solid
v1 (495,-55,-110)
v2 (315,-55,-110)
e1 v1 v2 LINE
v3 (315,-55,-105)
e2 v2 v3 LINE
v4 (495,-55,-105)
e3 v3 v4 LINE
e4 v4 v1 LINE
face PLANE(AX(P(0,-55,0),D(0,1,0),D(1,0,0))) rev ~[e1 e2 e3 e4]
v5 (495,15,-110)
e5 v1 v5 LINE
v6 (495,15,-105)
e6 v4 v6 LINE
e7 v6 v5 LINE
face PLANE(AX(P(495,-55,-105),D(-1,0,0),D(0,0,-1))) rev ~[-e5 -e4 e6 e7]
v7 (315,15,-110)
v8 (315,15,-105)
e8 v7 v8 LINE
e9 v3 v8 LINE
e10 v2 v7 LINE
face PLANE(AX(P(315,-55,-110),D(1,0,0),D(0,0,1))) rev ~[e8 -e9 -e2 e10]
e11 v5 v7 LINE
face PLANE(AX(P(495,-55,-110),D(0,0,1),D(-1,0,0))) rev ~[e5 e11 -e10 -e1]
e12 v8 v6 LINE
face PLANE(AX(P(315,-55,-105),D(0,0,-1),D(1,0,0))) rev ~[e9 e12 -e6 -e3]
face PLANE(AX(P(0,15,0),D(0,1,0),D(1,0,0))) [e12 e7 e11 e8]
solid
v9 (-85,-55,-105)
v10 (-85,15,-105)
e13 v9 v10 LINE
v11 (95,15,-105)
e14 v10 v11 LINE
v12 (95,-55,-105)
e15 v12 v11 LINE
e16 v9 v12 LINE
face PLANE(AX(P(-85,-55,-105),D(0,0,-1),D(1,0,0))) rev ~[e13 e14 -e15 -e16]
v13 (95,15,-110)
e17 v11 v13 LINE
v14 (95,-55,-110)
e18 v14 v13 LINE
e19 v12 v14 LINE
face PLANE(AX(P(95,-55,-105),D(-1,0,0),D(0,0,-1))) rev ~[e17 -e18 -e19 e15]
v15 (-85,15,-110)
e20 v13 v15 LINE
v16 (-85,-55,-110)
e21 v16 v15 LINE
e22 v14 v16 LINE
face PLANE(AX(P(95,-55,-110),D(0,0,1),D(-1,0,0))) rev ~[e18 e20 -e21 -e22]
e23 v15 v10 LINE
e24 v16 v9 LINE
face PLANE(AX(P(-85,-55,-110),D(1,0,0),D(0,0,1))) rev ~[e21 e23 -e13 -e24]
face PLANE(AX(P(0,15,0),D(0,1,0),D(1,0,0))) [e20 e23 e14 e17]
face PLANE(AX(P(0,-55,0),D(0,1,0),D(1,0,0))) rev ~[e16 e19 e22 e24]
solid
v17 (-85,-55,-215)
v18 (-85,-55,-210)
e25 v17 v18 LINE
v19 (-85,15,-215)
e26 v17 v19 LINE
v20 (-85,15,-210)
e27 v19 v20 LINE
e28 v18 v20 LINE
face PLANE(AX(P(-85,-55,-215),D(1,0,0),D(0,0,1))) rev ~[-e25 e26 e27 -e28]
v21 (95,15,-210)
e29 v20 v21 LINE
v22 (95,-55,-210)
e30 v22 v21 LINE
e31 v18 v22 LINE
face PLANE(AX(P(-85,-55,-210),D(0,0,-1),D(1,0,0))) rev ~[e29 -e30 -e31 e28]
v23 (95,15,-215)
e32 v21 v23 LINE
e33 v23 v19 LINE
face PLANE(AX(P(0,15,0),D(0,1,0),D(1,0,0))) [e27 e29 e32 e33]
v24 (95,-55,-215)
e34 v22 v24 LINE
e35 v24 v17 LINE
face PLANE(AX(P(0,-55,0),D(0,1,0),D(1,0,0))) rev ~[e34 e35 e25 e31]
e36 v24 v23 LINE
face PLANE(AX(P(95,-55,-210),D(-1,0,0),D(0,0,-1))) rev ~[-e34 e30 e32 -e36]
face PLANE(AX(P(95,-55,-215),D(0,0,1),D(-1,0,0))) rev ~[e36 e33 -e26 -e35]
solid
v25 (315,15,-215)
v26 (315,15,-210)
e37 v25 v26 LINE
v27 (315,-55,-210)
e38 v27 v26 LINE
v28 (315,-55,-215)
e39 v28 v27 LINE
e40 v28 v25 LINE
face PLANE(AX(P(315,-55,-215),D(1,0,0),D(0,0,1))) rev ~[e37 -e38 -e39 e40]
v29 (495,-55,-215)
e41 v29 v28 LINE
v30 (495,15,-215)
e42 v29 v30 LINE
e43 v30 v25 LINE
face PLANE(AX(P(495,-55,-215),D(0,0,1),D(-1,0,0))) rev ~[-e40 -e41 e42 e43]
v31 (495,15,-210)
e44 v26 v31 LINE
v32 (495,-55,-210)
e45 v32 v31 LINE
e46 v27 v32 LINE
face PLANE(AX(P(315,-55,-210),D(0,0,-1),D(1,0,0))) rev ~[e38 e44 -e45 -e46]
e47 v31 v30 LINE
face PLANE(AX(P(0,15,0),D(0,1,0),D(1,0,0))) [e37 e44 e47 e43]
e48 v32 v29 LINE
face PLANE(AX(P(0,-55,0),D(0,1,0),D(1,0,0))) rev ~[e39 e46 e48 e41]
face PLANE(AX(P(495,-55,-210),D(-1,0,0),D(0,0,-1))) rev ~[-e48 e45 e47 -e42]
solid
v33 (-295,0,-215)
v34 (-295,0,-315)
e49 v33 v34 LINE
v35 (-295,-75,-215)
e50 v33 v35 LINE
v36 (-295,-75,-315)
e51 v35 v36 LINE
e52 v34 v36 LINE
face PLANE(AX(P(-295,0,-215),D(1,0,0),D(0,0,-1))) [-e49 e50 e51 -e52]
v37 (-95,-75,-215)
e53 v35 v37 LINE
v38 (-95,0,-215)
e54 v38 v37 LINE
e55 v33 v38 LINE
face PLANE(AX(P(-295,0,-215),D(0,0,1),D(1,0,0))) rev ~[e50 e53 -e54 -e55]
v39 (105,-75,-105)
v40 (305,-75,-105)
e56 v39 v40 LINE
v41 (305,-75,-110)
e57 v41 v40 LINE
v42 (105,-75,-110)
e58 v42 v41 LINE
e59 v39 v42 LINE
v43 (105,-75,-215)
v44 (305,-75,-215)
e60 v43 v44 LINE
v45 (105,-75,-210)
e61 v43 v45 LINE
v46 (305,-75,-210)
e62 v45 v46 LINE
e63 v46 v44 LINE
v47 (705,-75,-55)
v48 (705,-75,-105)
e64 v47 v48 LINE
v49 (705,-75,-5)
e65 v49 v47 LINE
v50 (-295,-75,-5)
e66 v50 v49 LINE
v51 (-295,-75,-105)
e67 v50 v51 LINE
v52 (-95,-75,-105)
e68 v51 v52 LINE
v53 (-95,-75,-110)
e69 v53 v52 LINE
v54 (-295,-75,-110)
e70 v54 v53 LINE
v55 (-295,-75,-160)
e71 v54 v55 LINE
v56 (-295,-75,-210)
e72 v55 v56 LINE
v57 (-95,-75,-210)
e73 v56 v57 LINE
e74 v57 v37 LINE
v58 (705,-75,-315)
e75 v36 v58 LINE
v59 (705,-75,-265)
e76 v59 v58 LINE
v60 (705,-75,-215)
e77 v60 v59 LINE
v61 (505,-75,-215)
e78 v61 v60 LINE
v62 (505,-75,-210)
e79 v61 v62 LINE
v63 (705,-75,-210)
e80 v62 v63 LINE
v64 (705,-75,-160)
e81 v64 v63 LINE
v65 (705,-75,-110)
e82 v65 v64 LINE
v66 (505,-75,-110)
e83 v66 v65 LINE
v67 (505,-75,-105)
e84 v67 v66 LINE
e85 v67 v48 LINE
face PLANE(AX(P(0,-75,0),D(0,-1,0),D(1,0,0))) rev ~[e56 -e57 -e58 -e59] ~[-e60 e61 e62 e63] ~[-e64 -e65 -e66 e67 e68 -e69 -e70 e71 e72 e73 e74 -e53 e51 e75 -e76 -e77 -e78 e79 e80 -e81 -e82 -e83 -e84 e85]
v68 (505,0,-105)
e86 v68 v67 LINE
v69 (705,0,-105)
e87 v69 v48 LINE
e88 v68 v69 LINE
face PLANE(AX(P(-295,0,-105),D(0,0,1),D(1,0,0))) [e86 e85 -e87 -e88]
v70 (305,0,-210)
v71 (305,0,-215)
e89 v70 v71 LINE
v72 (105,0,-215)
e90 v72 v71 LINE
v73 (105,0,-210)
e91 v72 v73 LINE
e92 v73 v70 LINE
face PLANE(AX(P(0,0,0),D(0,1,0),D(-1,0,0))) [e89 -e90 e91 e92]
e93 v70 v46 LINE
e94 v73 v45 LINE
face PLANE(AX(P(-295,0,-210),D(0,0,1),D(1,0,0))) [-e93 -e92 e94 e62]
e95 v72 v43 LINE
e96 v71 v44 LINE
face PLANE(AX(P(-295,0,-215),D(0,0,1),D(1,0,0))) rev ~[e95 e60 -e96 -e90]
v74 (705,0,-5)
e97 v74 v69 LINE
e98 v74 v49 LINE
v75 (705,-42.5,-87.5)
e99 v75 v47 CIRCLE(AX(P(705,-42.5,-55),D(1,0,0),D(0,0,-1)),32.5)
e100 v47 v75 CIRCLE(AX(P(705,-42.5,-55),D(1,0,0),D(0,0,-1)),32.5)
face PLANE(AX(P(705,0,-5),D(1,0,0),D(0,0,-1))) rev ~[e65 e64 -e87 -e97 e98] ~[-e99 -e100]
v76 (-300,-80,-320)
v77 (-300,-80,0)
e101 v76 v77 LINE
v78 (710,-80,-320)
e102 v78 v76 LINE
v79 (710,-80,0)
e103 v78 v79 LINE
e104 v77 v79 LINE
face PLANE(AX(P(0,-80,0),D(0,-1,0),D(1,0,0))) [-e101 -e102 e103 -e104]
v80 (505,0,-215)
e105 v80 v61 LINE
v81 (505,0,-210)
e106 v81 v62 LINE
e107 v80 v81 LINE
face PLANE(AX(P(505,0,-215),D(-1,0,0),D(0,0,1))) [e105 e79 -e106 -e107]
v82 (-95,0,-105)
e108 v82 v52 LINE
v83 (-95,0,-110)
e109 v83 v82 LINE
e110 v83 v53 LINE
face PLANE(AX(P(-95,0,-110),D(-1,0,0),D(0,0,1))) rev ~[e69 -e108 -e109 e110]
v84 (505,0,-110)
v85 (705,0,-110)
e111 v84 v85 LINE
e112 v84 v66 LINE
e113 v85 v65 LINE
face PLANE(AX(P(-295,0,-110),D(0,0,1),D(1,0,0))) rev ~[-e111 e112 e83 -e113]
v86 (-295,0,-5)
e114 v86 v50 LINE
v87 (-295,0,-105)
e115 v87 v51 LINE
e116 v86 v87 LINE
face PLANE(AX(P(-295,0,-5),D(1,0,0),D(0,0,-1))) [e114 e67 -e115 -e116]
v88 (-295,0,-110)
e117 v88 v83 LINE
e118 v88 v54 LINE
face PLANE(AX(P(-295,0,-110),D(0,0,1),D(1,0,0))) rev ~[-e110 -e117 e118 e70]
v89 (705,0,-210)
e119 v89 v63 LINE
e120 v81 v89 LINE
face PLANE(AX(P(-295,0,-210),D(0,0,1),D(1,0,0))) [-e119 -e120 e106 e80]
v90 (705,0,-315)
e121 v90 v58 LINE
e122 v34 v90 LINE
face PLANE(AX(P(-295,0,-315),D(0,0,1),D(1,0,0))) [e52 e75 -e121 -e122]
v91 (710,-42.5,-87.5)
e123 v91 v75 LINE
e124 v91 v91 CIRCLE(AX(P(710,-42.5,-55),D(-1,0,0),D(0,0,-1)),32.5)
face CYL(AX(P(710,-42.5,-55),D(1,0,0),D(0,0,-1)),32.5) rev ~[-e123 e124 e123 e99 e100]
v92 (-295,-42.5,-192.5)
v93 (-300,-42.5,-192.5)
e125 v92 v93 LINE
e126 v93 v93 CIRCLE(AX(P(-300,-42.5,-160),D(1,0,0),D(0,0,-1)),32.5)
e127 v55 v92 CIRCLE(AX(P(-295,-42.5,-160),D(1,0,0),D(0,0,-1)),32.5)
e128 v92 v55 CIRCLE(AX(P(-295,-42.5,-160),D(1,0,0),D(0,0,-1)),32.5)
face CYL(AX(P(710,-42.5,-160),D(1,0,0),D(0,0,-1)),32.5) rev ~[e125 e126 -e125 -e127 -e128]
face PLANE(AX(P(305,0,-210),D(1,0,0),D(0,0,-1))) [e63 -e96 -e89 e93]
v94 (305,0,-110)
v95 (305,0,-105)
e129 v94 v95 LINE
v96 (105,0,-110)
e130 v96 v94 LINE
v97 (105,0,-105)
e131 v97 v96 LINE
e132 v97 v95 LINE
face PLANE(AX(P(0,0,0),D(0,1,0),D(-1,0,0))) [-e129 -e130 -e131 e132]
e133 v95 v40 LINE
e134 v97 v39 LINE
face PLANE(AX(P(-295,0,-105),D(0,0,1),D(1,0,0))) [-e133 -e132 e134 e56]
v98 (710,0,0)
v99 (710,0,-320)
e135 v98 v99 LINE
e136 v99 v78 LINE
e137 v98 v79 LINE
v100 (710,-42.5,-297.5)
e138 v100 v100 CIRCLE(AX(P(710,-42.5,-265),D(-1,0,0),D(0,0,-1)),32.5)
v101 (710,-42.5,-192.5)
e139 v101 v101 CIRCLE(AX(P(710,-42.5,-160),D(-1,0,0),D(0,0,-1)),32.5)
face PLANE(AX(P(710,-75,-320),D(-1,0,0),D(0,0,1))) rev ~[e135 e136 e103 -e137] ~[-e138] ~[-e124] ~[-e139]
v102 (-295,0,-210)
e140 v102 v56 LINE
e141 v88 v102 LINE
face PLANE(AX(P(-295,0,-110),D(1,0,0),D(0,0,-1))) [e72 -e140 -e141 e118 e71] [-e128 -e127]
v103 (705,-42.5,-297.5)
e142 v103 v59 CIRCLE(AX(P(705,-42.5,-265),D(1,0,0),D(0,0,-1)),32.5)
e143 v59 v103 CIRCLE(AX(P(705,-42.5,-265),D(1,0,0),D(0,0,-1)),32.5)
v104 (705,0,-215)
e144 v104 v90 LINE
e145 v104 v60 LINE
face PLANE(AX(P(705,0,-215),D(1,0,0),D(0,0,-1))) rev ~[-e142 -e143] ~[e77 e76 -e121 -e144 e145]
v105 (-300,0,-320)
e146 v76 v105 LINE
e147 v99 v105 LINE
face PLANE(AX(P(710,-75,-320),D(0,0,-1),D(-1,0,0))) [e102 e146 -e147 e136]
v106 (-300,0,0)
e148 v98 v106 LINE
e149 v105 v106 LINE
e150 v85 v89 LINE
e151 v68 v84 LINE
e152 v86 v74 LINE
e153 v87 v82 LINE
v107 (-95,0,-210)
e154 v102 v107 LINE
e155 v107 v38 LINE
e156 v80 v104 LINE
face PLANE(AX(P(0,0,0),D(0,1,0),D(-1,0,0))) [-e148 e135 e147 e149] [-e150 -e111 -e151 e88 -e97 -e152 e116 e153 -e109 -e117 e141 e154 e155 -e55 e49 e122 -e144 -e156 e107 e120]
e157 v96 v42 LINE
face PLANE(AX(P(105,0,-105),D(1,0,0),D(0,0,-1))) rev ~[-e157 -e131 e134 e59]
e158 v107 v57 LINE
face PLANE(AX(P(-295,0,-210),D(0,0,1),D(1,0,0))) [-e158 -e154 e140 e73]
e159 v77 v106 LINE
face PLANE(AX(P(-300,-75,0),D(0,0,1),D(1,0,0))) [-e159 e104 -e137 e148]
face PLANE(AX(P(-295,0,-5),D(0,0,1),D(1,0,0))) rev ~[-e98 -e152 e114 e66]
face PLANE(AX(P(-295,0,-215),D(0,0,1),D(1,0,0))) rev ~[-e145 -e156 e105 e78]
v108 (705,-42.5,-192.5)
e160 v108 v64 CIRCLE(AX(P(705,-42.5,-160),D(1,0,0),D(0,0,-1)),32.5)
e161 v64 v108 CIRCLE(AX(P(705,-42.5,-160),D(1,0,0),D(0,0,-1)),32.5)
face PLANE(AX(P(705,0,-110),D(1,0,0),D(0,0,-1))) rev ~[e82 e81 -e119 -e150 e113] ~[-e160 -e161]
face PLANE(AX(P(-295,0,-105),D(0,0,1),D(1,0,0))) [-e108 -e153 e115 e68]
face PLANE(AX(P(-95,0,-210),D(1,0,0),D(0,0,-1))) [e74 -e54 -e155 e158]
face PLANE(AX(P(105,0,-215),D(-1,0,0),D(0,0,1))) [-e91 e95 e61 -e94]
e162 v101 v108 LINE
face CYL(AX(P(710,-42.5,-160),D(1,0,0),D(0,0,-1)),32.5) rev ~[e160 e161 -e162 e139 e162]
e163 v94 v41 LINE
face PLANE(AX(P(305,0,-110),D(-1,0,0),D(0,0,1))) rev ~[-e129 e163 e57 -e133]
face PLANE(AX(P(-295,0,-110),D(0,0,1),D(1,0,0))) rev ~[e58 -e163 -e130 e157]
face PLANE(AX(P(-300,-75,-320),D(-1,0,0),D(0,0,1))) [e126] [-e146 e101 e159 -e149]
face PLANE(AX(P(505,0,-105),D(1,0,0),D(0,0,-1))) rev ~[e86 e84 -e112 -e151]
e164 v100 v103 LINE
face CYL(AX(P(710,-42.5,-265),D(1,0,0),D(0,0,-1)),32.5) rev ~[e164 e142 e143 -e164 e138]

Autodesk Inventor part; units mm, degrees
ref_plane "YZ Plane" through (0, 0, 0) normal (1, 0, 0) x (0, 1, 0)
ref_plane "XZ Plane" through (0, 0, 0) normal (0, 1, 0) x (-1, 0, 0)
sketch "Boceto1" plane through (0, 0, 0) normal (0, 1, 0) x (-1, 0, 0)
  line L0 (0, 0) -> (300, 0)
  line L1 (300, 0) -> (300, -320)
  line L2 (300, -320) -> (-710, -320)
  line L3 (0, 0) -> (-400, 0)
  line L4 (-400, 0) -> (-710, 0)
  line L5 (-710, 0) -> (-710, -320)
  line L6 (300, -105) -> (-710, -105)
  line L7 (300, -110) -> (-710, -110)
  line L8 (300, -210) -> (-710, -210)
  line L9 (300, -215) -> (-710, -215)
  line L10 (295, 0) -> (295, -320)
  line L11 (-705, 0) -> (-705, -320)
  line L12 (300, -5) -> (-710, -5)
  line L13 (300, -315) -> (-710, -315)
  point P0 (300, -147.5)
  point P1 (295, -105)
  point P2 (-705, -105)
  point P3 (-705, -5)
  point P4 (295, -5)
  point P5 (295, -215)
  point P6 (295, -315)
  point P7 (-705, -315)
  point P8 (-705, -215)
  point P9 (295, -110)
  point P10 (295, -210)
  point P11 (-705, -210)
  point P12 (-705, -110)
  dimension "d6" = 100
  dimension "d7" = 37.5
  dimension "d9" = 5
  dimension "d10" = 5
  dimension "d14" = 5
  dimension "d15" = 5
  dimension "d16" = 5
  dimension "d17" = 5
  dimension "d38" = 100
  dimension "d39" = 100
  dimension "d59" = 1010
extrude "Extrusión1" add sketch "Boceto1" against normal blind 75 contours L0 L10 L12 L11 L4 L3 | L0 L1 L12 L10 | L12 L1 L6 L10 | L11 L12 L5 L4 | L10 L7 L11 L6 | L6 L1 L7 L10 | L11 L6 L5 L12 | L11 L7 L5 L6 | L7 L1 L8 L10 | L11 L8 L5 L7 | L10 L9 L11 L8 | L8 L1 L9 L10 | L11 L9 L5 L8 | L9 L1 L13 L10 | L11 L13 L5 L9 | L13 L1 L2 L10 | L10 L2 L11 L13 | L11 L2 L5 L13
sketch "Boceto2" plane through (0, -75, 0) normal (0, -1, 0) x (1, 0, 0)
  line L0 (710, -320) -> (710, 0) projected
  line L1 (710, -320) -> (-300, -320)
  line L2 (-300, -320) -> (-300, 0)
  line L3 (-300, 0) -> (710, 0)
  line L4 (710, 0) -> (710, -320)
  point P0 (0, 0)
  point P1 (710, 0)
extrude "Extrusión2" add sketch "Boceto2" along normal blind 5
sketch "Boceto5" plane through (710, 0, 0) normal (1, 0, 0) x (0, 0, -1)
  line L0 (0, 0) -> (0, -80) projected
  line L1 (320, 0) -> (0, 0) projected
  line L2 (0, -80) -> (320, -80) projected
  circle A0 centre (160, -42.5) radius 32.5
  circle A1 centre (265, -42.5) radius 32.5
  circle A2 centre (55, -42.5) radius 32.5
  line L3 (55, 0) -> (55, -80)
  line L4 (320, -80) -> (0, -80) projected
  line L5 (160, 0) -> (160, -80)
  line L6 (265, 0) -> (265, -80)
  point P0 (0, 0)
  point P1 (5, 0)
  point P2 (105, 0)
  point P3 (110, 0)
  point P4 (210, 0)
  point P5 (215, 0)
  point P6 (315, 0)
  dimension "d40" = 5
  dimension "d41" = 5
  dimension "d42" = 5
  dimension "d43" = 5
  dimension "d44" = 100
  dimension "d45" = 100
  dimension "d46" = 50
  dimension "d47" = 65
  dimension "d48" = 50
  dimension "d49" = 65
  dimension "d50" = 50
  dimension "d51" = 65
  dimension "d52" = 37.5
  dimension "d53" = 37.5
  dimension "d54" = 37.5
extrude "Extrusión4" cut sketch "Boceto5" against normal blind 75 contours L3 A2 | A2 L3 | L6 A1 | A1 L6
extrude "Extrusión5" cut sketch "Boceto5" against normal through all contours L5 A0 | A0 L5
sketch "Boceto7" plane through (0, 0, 0) normal (0, 1, 0) x (1, 0, 0)
  line L0 (710, 320) -> (-300, 320) projected
  line L1 (-300, 320) -> (-300, 0) projected
  line L2 (-300, 0) -> (710, 0) projected
  line L3 (710, 0) -> (710, 320) projected
  line L4 (705, 105) -> (705, 5) projected
  line L5 (705, 5) -> (-295, 5) projected
  line L6 (-295, 5) -> (-295, 105) projected
  line L7 (-295, 105) -> (705, 105) projected
  line L8 (705, 315) -> (705, 215) projected
  line L9 (705, 215) -> (-295, 215) projected
  line L10 (-295, 215) -> (-295, 315) projected
  line L11 (-295, 315) -> (705, 315) projected
  line L12 (-295, 210) -> (705, 210) projected
  line L13 (705, 210) -> (705, 110) projected
  line L14 (705, 110) -> (-295, 110) projected
  line L15 (-295, 110) -> (-295, 210) projected
  line L16 (-295, 105) -> (705, 105) projected
  line L17 (-95, 105) -> (105, 105)
  line L18 (105, 105) -> (105, 110)
  line L19 (105, 110) -> (-95, 110)
  line L20 (-95, 110) -> (-95, 105)
  line L21 (705, 110) -> (-295, 110) projected
  line L22 (305, 105) -> (505, 105)
  line L23 (505, 105) -> (505, 110)
  line L24 (505, 110) -> (305, 110)
  line L25 (305, 110) -> (305, 105)
  line L26 (-295, 210) -> (705, 210) projected
  line L27 (-295, 215) -> (705, 215) projected
  line L28 (505, 210) -> (305, 210)
  line L29 (305, 210) -> (305, 215)
  line L30 (305, 215) -> (505, 215)
  line L31 (505, 215) -> (505, 210)
  line L32 (105, 210) -> (-95, 210)
  line L33 (-95, 210) -> (-95, 215)
  line L34 (-95, 215) -> (105, 215)
  line L35 (105, 215) -> (105, 210)
  point P0 (0, 0)
  point P1 (105, 105)
  point P2 (505, 105)
  point P3 (-95, 210)
  point P4 (305, 210)
  dimension "d86" = 200
  dimension "d87" = 200
  dimension "d88" = 200
  dimension "d89" = 200
  dimension "d90" = 200
  dimension "d91" = 200
  dimension "d92" = 200
  dimension "d93" = 200
extrude "Extrusión7" cut sketch "Boceto7" against normal blind 75 contours L7 L25 L14 L23 | L7 L20 L14 L18 | L12 L29 L9 L31 | L12 L33 L9 L35
ref_plane "Plano de trabajo1" through (0, -55, 0) normal (0, 1, 0) x (1, 0, 0)
sketch "Boceto11" plane through (0, -55, 0) normal (0, 1, 0) x (1, 0, 0)
  line L0 (305, 210) -> (105, 210) projected
  line L1 (105, 215) -> (105, 210) projected
  line L2 (105, 215) -> (305, 215) projected
  line L3 (305, 210) -> (305, 215) projected
  line L4 (305, 105) -> (105, 105) projected
  line L5 (105, 110) -> (105, 105) projected
  line L6 (105, 110) -> (305, 110) projected
  line L7 (305, 105) -> (305, 110) projected
  line L8 (505, 215) -> (505, 210) projected
  line L9 (505, 215) -> (705, 215) projected
  line L10 (705, 215) -> (705, 265) projected
  line L11 (705, 265) -> (705, 315) projected
  line L12 (705, 315) -> (-295, 315) projected
  line L13 (-295, 315) -> (-295, 215) projected
  line L14 (-295, 215) -> (-95, 215) projected
  line L15 (-95, 210) -> (-95, 215) projected
  line L16 (-95, 210) -> (-295, 210) projected
  line L17 (-295, 210) -> (-295, 160) projected
  line L18 (-295, 160) -> (-295, 110) projected
  line L19 (-295, 110) -> (-95, 110) projected
  line L20 (-95, 105) -> (-95, 110) projected
  line L21 (-95, 105) -> (-295, 105) projected
  line L22 (-295, 105) -> (-295, 5) projected
  line L23 (-295, 5) -> (705, 5) projected
  line L24 (705, 5) -> (705, 55) projected
  line L25 (705, 55) -> (705, 105) projected
  line L26 (705, 105) -> (505, 105) projected
  line L27 (505, 110) -> (505, 105) projected
  line L28 (505, 110) -> (705, 110) projected
  line L29 (705, 110) -> (705, 160) projected
  line L30 (705, 160) -> (705, 210) projected
  line L31 (705, 210) -> (505, 210) projected
  line L32 (105, 210) -> (305, 210) projected
  line L33 (705, 105) -> (505, 105) projected
  line L34 (305, 105) -> (105, 105) projected
  line L35 (-85, 210) -> (95, 210)
  line L36 (95, 210) -> (95, 215)
  line L37 (95, 215) -> (-85, 215)
  line L38 (-85, 215) -> (-85, 210)
  line L39 (-85, 105) -> (95, 105)
  line L40 (95, 105) -> (95, 110)
  line L41 (95, 110) -> (-85, 110)
  line L42 (-85, 110) -> (-85, 105)
  line L43 (315, 105) -> (495, 105)
  line L44 (495, 105) -> (495, 110)
  line L45 (495, 110) -> (315, 110)
  line L46 (315, 110) -> (315, 105)
  line L47 (315, 210) -> (495, 210)
  line L48 (495, 210) -> (495, 215)
  line L49 (495, 215) -> (315, 215)
  line L50 (315, 215) -> (315, 210)
  point P0 (0, 0)
  point P1 (495, 210)
  dimension "d113" = 10
  dimension "d114" = 10
  dimension "d115" = 10
  dimension "d116" = 10
  dimension "d117" = 10
  dimension "d118" = 10
  dimension "d119" = 10
  dimension "d120" = 10
extrude "Extrusión8" add sketch "Boceto11" along normal blind 70 contours L38 L37 L36 L35 | L42 L41 L40 L39 | L46 L45 L44 L43 | L50 L49 L48 L47
properties part number "Distribuidor de truchas" material "Plástico ABS"
